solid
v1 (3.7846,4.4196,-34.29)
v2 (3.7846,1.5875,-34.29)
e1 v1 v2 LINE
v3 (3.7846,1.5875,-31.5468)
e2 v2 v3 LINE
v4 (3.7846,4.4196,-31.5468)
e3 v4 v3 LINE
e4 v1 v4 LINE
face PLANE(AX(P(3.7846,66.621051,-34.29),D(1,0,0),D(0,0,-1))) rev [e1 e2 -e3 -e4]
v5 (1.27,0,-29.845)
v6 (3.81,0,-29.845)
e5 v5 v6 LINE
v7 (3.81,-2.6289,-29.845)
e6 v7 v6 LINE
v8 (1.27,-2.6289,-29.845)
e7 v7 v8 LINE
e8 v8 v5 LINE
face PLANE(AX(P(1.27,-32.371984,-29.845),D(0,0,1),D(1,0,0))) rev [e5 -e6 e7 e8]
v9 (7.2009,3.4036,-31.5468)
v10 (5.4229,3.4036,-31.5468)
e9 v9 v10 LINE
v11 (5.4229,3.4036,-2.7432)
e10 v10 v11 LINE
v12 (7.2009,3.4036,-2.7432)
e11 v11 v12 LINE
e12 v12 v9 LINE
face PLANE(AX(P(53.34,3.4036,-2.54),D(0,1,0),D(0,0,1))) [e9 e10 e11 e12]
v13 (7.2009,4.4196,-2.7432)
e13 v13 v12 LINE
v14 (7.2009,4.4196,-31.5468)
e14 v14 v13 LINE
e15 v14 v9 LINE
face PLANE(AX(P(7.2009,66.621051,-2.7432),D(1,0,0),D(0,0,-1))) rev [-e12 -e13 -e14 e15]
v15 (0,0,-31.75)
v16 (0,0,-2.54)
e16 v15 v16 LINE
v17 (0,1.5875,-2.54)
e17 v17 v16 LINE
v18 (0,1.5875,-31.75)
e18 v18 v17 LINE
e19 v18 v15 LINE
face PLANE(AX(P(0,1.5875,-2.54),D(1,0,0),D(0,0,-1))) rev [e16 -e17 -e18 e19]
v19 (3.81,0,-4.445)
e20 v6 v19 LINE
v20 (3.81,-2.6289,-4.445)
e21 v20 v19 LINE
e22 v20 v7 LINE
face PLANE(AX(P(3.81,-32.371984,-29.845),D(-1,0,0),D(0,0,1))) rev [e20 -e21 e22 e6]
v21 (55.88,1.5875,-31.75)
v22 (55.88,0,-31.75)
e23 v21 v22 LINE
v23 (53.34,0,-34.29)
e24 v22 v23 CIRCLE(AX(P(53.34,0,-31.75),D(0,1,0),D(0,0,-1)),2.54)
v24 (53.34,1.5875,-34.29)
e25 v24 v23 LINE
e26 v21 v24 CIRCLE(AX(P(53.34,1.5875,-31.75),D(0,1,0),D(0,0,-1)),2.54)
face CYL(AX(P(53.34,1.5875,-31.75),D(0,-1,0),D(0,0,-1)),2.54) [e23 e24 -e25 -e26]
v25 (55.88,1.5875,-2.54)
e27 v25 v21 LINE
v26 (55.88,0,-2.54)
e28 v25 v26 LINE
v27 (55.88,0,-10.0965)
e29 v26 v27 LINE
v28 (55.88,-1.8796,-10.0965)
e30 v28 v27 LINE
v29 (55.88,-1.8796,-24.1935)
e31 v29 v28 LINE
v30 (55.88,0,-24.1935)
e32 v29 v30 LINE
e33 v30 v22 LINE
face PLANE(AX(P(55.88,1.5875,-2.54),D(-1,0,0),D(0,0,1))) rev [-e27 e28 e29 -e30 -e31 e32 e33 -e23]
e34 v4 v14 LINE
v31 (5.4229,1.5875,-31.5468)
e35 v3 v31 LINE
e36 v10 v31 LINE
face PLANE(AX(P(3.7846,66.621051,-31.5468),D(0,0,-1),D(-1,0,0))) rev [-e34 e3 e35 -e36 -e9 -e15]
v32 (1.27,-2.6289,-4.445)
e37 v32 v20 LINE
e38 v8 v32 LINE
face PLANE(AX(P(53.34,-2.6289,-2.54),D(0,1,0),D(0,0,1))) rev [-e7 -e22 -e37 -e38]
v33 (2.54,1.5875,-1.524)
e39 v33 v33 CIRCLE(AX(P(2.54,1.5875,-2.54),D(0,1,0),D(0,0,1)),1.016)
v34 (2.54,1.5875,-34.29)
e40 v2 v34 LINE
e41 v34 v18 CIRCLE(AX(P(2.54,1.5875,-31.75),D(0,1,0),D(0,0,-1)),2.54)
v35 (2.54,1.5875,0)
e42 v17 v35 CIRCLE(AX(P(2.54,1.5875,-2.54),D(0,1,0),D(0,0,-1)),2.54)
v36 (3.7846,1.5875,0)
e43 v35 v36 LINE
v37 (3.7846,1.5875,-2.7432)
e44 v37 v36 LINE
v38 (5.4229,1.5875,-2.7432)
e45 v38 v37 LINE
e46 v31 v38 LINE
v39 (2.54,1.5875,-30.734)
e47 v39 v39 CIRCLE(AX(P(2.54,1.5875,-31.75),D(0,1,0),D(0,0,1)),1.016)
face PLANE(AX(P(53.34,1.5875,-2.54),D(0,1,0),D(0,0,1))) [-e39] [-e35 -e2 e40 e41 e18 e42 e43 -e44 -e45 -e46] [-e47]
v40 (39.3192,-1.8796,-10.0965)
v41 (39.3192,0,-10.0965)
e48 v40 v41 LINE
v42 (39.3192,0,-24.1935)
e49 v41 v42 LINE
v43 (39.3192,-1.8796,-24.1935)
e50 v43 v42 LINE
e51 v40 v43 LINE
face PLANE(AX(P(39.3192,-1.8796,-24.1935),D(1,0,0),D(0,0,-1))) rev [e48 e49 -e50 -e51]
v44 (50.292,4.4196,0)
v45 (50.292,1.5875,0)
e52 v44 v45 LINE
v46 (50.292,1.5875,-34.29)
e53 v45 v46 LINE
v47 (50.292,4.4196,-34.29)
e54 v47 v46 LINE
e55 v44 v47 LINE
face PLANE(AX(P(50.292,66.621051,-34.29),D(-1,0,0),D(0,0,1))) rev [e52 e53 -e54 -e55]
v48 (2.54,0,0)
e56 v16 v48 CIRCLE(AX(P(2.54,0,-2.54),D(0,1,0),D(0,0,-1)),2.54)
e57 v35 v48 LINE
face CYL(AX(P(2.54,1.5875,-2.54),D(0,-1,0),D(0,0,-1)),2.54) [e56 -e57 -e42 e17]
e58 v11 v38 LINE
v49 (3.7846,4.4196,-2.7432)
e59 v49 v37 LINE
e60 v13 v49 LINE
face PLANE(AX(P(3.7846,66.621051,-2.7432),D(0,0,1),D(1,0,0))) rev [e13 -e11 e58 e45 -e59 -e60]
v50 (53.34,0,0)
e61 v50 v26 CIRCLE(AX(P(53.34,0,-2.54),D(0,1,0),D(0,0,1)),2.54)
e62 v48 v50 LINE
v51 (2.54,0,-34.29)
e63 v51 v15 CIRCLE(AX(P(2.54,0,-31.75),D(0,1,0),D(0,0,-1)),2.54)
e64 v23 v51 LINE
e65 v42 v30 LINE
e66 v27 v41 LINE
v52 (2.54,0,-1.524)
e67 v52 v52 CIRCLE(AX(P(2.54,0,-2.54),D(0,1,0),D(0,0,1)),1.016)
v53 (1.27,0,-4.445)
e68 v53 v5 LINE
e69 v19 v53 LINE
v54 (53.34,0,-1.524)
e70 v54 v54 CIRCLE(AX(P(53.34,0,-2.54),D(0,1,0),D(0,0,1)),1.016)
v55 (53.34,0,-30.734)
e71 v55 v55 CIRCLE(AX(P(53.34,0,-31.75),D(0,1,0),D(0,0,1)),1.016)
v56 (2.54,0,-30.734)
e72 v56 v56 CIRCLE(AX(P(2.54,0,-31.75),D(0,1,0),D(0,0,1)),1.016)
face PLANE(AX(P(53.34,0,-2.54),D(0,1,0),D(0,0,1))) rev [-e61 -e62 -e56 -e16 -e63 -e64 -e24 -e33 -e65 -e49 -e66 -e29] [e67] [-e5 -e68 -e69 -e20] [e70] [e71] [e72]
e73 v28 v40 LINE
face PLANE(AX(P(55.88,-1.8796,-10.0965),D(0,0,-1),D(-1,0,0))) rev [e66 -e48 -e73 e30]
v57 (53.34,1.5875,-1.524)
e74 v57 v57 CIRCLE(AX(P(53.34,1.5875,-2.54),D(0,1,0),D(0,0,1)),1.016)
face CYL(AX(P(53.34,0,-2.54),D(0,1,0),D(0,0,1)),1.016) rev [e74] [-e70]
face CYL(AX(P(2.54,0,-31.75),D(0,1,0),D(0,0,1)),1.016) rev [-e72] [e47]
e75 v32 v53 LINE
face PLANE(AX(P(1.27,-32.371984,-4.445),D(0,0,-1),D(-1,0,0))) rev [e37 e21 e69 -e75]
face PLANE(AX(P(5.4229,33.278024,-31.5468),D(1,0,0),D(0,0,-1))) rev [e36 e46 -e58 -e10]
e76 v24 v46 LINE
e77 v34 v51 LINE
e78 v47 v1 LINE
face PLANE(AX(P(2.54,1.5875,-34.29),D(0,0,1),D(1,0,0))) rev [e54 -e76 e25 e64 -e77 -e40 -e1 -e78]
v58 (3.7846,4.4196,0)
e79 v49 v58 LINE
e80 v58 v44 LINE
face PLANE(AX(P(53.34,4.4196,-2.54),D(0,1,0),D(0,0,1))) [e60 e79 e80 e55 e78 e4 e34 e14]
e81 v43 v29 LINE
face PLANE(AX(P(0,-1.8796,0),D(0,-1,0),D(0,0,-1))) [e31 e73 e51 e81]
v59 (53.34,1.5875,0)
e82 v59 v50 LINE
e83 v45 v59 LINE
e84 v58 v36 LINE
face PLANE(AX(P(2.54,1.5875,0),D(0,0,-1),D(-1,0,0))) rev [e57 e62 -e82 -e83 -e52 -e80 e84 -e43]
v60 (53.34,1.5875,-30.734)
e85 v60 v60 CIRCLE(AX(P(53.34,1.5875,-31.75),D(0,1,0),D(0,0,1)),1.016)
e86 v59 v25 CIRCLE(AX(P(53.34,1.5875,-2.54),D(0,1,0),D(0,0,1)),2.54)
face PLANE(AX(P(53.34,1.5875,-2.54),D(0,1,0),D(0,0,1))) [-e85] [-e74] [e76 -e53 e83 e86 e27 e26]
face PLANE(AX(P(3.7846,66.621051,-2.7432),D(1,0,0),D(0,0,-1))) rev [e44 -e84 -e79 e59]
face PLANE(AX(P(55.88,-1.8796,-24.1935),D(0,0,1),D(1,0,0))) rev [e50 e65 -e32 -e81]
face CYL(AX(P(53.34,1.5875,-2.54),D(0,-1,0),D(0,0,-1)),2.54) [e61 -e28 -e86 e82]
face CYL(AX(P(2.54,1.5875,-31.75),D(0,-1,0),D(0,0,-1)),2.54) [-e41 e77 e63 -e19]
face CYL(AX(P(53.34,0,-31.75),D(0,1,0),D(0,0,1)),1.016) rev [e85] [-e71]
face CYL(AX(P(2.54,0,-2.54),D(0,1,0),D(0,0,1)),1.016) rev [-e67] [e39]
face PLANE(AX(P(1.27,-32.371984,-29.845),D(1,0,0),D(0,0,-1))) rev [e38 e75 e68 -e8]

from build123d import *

# Parameters (mm, degrees)
BOSS_EXTRUDE1_DEPTH = 1.5875
BOSS_EXTRUDE2_DEPTH = 2.8321
SKETCH3_W           = 1.778
SKETCH3_H           = 28.8036
BOSS_EXTRUDE3_DEPTH = 1.8161
SKETCH4_R           = 1.016
CUT_EXTRUDE1_DEPTH  = 66.623161235
SKETCH5_W           = 2.54
SKETCH5_H           = 25.4
BOSS_EXTRUDE4_DEPTH = 2.6289
SKETCH6_W           = 16.5608
SKETCH6_H           = 14.097
BOSS_EXTRUDE5_DEPTH = 1.8796


with BuildPart() as part:
    # Sketch1 → Boss-Extrude1 (new body)
    with BuildSketch(Plane(origin=(0, 0, 0), x_dir=(1, 0, 0), z_dir=(0, 1, 0))):
        with BuildLine():
            Line((2.54, 0), (53.34, 0))
            ThreePointArc((53.34, 0), (55.136051224, 0.743948776), (55.88, 2.54))
            Line((55.88, 2.54), (55.88, 31.75))
            ThreePointArc((55.88, 31.75), (55.136051224, 33.546051224), (53.34, 34.29))
            Line((53.34, 34.29), (2.54, 34.29))
            ThreePointArc((2.54, 34.29), (0.743948776, 33.546051224), (0, 31.75))
            Line((0, 31.75), (0, 2.54))
            ThreePointArc((0, 2.54), (0.743948776, 0.743948776), (2.54, 0))
        make_face()
    extrude(amount=BOSS_EXTRUDE1_DEPTH)

    # Sketch2 → Boss-Extrude2 (add)
    with BuildSketch(Plane(origin=(0, 1.5875, 0), x_dir=(1, 0, 0), z_dir=(0, 1, 0))):
        Polygon((50.292, 34.29), (3.7846, 34.29), (3.7846, 31.5468), (7.2009, 31.5468), (7.2009, 2.7432), (3.7846, 2.7432), (3.7846, 0), (50.292, 0), align=None)
    extrude(amount=BOSS_EXTRUDE2_DEPTH)

    # Sketch3 → Boss-Extrude3 (add)
    with BuildSketch(Plane(origin=(0, 1.5875, 0), x_dir=(1, 0, 0), z_dir=(0, 1, 0))):
        with Locations((6.3119, 17.145)):
            Rectangle(SKETCH3_W, SKETCH3_H)
    extrude(amount=BOSS_EXTRUDE3_DEPTH)

    # Sketch4 → Cut-Extrude1 (cut, through all)
    with BuildSketch(Plane(origin=(0, 1.5875, 0), x_dir=(1, 0, 0), z_dir=(0, 1, 0))):
        with Locations(Location((2.54, 31.75, 0), (0, 0, 270))):
            Circle(SKETCH4_R)
        with Locations(Location((2.54, 2.54, 0), (0, 0, 270))):
            Circle(SKETCH4_R)
        with Locations(Location((53.34, 31.75, 0), (0, 0, 270))):
            Circle(SKETCH4_R)
        with Locations(Location((53.34, 2.54, 0), (0, 0, 270))):
            Circle(SKETCH4_R)
    extrude(amount=-CUT_EXTRUDE1_DEPTH, mode=Mode.SUBTRACT)

    # Sketch5 → Boss-Extrude4 (add)
    with BuildSketch(Plane.XZ):
        with Locations((2.54, -17.145)):
            Rectangle(SKETCH5_W, SKETCH5_H)
    extrude(amount=BOSS_EXTRUDE4_DEPTH)

    # Sketch6 → Boss-Extrude5 (add)
    with BuildSketch(Plane.XZ):
        with Locations((47.5996, -17.145)):
            Rectangle(SKETCH6_W, SKETCH6_H)
    extrude(amount=BOSS_EXTRUDE5_DEPTH)


solid = part.part
